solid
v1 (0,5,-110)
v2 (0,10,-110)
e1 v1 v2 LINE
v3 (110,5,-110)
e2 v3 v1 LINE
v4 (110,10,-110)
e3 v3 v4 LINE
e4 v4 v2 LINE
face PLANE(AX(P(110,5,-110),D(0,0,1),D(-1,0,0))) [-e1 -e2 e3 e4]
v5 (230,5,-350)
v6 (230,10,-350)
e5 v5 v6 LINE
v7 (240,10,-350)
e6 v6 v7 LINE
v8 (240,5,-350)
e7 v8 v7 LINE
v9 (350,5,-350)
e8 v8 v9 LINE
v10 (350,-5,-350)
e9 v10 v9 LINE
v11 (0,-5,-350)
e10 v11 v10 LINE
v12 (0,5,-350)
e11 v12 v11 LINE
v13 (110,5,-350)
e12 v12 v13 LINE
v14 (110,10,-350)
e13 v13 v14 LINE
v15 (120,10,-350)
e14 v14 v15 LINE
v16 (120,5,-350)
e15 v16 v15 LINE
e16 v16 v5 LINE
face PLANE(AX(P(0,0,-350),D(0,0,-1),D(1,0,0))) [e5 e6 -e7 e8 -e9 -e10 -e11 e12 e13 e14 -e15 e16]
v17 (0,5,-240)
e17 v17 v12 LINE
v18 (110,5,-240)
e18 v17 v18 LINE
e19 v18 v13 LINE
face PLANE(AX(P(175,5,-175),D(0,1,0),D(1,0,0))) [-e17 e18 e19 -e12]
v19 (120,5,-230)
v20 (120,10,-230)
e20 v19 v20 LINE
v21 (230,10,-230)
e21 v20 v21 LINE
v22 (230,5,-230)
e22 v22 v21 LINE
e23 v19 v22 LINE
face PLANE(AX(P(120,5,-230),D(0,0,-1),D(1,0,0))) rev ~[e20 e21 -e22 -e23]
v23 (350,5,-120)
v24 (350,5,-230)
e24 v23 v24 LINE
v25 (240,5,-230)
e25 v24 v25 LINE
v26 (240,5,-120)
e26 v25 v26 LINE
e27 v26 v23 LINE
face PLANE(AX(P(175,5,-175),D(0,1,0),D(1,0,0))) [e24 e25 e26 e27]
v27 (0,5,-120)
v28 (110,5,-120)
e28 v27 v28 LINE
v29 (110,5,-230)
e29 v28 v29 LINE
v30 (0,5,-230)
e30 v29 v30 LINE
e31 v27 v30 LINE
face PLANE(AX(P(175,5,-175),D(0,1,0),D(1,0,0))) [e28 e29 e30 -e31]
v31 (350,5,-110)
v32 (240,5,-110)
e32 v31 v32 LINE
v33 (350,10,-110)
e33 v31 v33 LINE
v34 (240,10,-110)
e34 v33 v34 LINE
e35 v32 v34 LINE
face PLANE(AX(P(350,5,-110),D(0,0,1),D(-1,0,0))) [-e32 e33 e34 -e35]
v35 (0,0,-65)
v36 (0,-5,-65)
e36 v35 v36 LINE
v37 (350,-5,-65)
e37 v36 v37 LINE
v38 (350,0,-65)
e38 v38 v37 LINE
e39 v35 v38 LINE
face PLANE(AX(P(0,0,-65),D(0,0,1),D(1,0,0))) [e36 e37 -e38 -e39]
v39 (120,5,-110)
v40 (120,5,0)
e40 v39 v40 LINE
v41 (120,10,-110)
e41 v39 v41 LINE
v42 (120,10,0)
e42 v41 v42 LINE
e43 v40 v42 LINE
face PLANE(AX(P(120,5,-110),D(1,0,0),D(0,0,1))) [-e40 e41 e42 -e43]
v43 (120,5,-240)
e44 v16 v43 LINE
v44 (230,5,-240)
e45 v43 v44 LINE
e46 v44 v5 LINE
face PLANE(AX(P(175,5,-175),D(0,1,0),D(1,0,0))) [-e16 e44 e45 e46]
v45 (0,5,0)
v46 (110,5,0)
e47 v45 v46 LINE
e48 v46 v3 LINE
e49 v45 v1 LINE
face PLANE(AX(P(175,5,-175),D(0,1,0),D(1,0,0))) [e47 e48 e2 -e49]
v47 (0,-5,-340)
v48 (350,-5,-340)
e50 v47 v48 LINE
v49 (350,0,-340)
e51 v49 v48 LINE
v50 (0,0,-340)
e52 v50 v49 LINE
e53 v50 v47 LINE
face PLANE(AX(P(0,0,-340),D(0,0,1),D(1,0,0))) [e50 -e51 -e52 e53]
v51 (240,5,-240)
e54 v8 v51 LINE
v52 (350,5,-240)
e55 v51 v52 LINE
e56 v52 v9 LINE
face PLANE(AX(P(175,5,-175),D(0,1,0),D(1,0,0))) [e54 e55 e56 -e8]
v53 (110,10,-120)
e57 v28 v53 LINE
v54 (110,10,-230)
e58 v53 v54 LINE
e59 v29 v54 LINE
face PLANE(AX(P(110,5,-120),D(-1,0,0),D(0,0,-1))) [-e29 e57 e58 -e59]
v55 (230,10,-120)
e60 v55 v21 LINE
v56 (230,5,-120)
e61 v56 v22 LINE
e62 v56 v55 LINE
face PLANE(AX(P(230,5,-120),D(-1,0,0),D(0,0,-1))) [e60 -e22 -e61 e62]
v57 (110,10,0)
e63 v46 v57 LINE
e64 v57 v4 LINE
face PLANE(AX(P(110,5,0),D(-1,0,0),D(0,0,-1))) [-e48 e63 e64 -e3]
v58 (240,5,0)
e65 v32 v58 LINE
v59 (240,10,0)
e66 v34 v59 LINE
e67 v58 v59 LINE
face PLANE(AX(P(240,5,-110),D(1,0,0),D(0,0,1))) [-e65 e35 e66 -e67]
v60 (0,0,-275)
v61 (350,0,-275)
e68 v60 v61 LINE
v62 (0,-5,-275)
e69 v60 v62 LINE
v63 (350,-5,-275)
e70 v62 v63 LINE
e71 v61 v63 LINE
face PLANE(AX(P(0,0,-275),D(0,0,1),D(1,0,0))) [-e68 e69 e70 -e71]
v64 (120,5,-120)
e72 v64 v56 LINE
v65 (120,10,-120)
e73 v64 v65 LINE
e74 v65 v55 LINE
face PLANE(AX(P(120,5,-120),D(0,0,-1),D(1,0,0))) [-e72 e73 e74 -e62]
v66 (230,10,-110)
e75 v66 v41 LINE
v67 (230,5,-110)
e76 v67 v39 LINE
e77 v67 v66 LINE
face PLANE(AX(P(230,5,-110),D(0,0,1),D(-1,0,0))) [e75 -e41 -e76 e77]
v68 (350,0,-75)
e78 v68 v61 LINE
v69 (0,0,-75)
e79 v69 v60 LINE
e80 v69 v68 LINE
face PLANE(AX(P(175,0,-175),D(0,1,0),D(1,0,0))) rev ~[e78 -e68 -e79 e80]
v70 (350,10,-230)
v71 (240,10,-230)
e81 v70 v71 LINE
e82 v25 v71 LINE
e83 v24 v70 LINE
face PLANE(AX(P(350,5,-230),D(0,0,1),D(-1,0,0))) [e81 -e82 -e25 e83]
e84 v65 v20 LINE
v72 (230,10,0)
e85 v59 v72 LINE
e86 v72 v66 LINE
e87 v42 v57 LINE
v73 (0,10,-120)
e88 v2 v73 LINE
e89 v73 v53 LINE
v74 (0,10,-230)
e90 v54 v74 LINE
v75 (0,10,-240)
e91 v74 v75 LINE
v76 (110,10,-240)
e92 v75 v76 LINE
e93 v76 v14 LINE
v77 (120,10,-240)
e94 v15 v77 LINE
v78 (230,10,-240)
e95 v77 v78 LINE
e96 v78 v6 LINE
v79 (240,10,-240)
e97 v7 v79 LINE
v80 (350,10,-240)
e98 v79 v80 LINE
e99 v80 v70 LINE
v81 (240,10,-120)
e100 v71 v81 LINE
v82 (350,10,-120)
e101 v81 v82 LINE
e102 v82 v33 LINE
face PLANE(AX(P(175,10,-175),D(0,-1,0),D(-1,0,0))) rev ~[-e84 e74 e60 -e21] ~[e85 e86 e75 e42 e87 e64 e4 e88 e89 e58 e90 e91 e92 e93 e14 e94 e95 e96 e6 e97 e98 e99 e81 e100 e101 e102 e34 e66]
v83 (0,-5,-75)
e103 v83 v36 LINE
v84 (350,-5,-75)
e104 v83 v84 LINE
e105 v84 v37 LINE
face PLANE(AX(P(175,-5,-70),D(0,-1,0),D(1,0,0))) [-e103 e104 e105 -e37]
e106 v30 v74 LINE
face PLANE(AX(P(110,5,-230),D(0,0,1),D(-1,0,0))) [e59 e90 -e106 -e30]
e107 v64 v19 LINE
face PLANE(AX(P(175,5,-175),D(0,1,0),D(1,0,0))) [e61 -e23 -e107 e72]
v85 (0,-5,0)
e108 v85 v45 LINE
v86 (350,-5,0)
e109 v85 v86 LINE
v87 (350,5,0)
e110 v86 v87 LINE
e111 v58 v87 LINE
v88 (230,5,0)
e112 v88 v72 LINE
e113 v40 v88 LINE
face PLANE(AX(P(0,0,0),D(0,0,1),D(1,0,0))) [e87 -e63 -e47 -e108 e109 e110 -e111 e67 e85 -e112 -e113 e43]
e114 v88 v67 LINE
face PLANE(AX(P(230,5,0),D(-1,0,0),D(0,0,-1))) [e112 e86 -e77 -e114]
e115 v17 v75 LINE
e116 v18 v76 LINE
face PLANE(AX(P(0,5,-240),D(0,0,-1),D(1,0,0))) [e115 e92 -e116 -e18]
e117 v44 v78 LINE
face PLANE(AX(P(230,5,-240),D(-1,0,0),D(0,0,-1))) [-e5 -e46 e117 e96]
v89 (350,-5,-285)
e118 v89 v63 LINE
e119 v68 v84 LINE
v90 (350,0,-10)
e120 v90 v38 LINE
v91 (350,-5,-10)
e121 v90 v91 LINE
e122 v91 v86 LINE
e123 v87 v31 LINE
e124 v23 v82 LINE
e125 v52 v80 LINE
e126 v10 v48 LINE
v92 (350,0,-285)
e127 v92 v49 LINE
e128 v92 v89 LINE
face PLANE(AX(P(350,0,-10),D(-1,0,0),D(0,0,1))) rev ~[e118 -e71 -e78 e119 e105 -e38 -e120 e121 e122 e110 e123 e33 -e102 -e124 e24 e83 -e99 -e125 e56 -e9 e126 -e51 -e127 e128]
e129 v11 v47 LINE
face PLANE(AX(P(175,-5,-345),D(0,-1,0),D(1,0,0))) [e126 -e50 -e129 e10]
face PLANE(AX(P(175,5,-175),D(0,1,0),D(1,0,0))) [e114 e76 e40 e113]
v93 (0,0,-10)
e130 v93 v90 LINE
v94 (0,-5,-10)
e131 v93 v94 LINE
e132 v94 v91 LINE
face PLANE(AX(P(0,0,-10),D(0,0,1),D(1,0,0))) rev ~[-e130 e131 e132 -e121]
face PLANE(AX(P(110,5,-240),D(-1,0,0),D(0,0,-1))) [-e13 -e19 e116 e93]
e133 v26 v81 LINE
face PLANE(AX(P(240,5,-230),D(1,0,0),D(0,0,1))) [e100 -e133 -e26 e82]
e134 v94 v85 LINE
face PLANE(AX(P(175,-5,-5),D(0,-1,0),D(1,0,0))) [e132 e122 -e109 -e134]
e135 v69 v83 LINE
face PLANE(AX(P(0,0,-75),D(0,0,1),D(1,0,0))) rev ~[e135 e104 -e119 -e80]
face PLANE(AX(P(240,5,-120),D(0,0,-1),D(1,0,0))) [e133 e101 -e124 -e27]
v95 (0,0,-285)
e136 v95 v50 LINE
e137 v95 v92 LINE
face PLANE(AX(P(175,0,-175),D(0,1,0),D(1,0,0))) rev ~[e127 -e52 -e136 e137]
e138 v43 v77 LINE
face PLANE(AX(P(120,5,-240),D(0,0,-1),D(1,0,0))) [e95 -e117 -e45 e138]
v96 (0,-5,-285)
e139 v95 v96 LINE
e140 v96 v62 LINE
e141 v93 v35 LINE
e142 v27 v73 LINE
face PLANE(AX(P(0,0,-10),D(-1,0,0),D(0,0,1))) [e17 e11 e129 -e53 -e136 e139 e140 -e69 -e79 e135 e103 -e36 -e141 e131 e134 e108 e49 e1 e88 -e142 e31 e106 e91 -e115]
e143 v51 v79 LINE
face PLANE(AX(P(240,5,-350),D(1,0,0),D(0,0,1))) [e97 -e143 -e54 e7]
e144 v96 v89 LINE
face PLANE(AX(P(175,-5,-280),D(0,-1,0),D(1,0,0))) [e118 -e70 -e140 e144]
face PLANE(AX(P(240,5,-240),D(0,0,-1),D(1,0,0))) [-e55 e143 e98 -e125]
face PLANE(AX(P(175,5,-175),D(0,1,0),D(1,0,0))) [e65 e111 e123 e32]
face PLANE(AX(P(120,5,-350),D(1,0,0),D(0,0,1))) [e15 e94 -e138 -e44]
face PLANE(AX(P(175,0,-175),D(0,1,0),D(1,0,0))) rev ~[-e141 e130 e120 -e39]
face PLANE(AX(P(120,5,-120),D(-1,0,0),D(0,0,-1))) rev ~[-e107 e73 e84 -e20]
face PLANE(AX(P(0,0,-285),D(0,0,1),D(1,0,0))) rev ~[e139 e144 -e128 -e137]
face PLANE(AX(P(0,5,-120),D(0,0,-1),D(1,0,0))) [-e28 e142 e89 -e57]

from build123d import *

# Parameters (mm, degrees)
CROQUIS1_W              = 350
CROQUIS1_H              = 350
SALIENTE_EXTRUIR1_DEPTH = 5
CROQUIS2_W              = 350
CROQUIS2_H              = 10
SALIENTE_EXTRUIR2_DEPTH = 5
CROQUIS3_W              = 110
CROQUIS3_H              = 110
SALIENTE_EXTRUIR3_DEPTH = 5


with BuildPart() as part:
    # Croquis1 → Saliente-Extruir1 (new body)
    with BuildSketch(Plane(origin=(0, 0, 0), x_dir=(1, 0, 0), z_dir=(0, 1, 0))):
        with Locations((175, 175)):
            Rectangle(CROQUIS1_W, CROQUIS1_H)
    extrude(amount=SALIENTE_EXTRUIR1_DEPTH)

    # Croquis2 → Saliente-Extruir2 (add)
    with BuildSketch(Plane.XZ):
        with Locations((175, -5)):
            Rectangle(CROQUIS2_W, CROQUIS2_H)
        with Locations((175, -345)):
            Rectangle(CROQUIS2_W, CROQUIS2_H)
        with Locations((175, -70)):
            Rectangle(CROQUIS2_W, CROQUIS2_H)
        with Locations((175, -280)):
            Rectangle(CROQUIS2_W, CROQUIS2_H)
    extrude(amount=SALIENTE_EXTRUIR2_DEPTH)

    # Croquis3 → Saliente-Extruir3 (add)
    with BuildSketch(Plane(origin=(0, 5, 0), x_dir=(1, 0, 0), z_dir=(0, 1, 0))):
        Polygon((110, 350), (120, 350), (120, 240), (230, 240), (230, 350), (240, 350), (240, 240), (350, 240), (350, 230), (240, 230), (240, 120), (350, 120), (350, 110), (240, 110), (240, 0), (230, 0), (230, 110), (120, 110), (120, 0), (110, 0), (110, 110), (0, 110), (0, 120), (110, 120), (110, 230), (0, 230), (0, 240), (110, 240), align=None)
        with Locations((175, 175)):
            Rectangle(CROQUIS3_W, CROQUIS3_H, mode=Mode.SUBTRACT)
    extrude(amount=SALIENTE_EXTRUIR3_DEPTH)


solid = part.part
